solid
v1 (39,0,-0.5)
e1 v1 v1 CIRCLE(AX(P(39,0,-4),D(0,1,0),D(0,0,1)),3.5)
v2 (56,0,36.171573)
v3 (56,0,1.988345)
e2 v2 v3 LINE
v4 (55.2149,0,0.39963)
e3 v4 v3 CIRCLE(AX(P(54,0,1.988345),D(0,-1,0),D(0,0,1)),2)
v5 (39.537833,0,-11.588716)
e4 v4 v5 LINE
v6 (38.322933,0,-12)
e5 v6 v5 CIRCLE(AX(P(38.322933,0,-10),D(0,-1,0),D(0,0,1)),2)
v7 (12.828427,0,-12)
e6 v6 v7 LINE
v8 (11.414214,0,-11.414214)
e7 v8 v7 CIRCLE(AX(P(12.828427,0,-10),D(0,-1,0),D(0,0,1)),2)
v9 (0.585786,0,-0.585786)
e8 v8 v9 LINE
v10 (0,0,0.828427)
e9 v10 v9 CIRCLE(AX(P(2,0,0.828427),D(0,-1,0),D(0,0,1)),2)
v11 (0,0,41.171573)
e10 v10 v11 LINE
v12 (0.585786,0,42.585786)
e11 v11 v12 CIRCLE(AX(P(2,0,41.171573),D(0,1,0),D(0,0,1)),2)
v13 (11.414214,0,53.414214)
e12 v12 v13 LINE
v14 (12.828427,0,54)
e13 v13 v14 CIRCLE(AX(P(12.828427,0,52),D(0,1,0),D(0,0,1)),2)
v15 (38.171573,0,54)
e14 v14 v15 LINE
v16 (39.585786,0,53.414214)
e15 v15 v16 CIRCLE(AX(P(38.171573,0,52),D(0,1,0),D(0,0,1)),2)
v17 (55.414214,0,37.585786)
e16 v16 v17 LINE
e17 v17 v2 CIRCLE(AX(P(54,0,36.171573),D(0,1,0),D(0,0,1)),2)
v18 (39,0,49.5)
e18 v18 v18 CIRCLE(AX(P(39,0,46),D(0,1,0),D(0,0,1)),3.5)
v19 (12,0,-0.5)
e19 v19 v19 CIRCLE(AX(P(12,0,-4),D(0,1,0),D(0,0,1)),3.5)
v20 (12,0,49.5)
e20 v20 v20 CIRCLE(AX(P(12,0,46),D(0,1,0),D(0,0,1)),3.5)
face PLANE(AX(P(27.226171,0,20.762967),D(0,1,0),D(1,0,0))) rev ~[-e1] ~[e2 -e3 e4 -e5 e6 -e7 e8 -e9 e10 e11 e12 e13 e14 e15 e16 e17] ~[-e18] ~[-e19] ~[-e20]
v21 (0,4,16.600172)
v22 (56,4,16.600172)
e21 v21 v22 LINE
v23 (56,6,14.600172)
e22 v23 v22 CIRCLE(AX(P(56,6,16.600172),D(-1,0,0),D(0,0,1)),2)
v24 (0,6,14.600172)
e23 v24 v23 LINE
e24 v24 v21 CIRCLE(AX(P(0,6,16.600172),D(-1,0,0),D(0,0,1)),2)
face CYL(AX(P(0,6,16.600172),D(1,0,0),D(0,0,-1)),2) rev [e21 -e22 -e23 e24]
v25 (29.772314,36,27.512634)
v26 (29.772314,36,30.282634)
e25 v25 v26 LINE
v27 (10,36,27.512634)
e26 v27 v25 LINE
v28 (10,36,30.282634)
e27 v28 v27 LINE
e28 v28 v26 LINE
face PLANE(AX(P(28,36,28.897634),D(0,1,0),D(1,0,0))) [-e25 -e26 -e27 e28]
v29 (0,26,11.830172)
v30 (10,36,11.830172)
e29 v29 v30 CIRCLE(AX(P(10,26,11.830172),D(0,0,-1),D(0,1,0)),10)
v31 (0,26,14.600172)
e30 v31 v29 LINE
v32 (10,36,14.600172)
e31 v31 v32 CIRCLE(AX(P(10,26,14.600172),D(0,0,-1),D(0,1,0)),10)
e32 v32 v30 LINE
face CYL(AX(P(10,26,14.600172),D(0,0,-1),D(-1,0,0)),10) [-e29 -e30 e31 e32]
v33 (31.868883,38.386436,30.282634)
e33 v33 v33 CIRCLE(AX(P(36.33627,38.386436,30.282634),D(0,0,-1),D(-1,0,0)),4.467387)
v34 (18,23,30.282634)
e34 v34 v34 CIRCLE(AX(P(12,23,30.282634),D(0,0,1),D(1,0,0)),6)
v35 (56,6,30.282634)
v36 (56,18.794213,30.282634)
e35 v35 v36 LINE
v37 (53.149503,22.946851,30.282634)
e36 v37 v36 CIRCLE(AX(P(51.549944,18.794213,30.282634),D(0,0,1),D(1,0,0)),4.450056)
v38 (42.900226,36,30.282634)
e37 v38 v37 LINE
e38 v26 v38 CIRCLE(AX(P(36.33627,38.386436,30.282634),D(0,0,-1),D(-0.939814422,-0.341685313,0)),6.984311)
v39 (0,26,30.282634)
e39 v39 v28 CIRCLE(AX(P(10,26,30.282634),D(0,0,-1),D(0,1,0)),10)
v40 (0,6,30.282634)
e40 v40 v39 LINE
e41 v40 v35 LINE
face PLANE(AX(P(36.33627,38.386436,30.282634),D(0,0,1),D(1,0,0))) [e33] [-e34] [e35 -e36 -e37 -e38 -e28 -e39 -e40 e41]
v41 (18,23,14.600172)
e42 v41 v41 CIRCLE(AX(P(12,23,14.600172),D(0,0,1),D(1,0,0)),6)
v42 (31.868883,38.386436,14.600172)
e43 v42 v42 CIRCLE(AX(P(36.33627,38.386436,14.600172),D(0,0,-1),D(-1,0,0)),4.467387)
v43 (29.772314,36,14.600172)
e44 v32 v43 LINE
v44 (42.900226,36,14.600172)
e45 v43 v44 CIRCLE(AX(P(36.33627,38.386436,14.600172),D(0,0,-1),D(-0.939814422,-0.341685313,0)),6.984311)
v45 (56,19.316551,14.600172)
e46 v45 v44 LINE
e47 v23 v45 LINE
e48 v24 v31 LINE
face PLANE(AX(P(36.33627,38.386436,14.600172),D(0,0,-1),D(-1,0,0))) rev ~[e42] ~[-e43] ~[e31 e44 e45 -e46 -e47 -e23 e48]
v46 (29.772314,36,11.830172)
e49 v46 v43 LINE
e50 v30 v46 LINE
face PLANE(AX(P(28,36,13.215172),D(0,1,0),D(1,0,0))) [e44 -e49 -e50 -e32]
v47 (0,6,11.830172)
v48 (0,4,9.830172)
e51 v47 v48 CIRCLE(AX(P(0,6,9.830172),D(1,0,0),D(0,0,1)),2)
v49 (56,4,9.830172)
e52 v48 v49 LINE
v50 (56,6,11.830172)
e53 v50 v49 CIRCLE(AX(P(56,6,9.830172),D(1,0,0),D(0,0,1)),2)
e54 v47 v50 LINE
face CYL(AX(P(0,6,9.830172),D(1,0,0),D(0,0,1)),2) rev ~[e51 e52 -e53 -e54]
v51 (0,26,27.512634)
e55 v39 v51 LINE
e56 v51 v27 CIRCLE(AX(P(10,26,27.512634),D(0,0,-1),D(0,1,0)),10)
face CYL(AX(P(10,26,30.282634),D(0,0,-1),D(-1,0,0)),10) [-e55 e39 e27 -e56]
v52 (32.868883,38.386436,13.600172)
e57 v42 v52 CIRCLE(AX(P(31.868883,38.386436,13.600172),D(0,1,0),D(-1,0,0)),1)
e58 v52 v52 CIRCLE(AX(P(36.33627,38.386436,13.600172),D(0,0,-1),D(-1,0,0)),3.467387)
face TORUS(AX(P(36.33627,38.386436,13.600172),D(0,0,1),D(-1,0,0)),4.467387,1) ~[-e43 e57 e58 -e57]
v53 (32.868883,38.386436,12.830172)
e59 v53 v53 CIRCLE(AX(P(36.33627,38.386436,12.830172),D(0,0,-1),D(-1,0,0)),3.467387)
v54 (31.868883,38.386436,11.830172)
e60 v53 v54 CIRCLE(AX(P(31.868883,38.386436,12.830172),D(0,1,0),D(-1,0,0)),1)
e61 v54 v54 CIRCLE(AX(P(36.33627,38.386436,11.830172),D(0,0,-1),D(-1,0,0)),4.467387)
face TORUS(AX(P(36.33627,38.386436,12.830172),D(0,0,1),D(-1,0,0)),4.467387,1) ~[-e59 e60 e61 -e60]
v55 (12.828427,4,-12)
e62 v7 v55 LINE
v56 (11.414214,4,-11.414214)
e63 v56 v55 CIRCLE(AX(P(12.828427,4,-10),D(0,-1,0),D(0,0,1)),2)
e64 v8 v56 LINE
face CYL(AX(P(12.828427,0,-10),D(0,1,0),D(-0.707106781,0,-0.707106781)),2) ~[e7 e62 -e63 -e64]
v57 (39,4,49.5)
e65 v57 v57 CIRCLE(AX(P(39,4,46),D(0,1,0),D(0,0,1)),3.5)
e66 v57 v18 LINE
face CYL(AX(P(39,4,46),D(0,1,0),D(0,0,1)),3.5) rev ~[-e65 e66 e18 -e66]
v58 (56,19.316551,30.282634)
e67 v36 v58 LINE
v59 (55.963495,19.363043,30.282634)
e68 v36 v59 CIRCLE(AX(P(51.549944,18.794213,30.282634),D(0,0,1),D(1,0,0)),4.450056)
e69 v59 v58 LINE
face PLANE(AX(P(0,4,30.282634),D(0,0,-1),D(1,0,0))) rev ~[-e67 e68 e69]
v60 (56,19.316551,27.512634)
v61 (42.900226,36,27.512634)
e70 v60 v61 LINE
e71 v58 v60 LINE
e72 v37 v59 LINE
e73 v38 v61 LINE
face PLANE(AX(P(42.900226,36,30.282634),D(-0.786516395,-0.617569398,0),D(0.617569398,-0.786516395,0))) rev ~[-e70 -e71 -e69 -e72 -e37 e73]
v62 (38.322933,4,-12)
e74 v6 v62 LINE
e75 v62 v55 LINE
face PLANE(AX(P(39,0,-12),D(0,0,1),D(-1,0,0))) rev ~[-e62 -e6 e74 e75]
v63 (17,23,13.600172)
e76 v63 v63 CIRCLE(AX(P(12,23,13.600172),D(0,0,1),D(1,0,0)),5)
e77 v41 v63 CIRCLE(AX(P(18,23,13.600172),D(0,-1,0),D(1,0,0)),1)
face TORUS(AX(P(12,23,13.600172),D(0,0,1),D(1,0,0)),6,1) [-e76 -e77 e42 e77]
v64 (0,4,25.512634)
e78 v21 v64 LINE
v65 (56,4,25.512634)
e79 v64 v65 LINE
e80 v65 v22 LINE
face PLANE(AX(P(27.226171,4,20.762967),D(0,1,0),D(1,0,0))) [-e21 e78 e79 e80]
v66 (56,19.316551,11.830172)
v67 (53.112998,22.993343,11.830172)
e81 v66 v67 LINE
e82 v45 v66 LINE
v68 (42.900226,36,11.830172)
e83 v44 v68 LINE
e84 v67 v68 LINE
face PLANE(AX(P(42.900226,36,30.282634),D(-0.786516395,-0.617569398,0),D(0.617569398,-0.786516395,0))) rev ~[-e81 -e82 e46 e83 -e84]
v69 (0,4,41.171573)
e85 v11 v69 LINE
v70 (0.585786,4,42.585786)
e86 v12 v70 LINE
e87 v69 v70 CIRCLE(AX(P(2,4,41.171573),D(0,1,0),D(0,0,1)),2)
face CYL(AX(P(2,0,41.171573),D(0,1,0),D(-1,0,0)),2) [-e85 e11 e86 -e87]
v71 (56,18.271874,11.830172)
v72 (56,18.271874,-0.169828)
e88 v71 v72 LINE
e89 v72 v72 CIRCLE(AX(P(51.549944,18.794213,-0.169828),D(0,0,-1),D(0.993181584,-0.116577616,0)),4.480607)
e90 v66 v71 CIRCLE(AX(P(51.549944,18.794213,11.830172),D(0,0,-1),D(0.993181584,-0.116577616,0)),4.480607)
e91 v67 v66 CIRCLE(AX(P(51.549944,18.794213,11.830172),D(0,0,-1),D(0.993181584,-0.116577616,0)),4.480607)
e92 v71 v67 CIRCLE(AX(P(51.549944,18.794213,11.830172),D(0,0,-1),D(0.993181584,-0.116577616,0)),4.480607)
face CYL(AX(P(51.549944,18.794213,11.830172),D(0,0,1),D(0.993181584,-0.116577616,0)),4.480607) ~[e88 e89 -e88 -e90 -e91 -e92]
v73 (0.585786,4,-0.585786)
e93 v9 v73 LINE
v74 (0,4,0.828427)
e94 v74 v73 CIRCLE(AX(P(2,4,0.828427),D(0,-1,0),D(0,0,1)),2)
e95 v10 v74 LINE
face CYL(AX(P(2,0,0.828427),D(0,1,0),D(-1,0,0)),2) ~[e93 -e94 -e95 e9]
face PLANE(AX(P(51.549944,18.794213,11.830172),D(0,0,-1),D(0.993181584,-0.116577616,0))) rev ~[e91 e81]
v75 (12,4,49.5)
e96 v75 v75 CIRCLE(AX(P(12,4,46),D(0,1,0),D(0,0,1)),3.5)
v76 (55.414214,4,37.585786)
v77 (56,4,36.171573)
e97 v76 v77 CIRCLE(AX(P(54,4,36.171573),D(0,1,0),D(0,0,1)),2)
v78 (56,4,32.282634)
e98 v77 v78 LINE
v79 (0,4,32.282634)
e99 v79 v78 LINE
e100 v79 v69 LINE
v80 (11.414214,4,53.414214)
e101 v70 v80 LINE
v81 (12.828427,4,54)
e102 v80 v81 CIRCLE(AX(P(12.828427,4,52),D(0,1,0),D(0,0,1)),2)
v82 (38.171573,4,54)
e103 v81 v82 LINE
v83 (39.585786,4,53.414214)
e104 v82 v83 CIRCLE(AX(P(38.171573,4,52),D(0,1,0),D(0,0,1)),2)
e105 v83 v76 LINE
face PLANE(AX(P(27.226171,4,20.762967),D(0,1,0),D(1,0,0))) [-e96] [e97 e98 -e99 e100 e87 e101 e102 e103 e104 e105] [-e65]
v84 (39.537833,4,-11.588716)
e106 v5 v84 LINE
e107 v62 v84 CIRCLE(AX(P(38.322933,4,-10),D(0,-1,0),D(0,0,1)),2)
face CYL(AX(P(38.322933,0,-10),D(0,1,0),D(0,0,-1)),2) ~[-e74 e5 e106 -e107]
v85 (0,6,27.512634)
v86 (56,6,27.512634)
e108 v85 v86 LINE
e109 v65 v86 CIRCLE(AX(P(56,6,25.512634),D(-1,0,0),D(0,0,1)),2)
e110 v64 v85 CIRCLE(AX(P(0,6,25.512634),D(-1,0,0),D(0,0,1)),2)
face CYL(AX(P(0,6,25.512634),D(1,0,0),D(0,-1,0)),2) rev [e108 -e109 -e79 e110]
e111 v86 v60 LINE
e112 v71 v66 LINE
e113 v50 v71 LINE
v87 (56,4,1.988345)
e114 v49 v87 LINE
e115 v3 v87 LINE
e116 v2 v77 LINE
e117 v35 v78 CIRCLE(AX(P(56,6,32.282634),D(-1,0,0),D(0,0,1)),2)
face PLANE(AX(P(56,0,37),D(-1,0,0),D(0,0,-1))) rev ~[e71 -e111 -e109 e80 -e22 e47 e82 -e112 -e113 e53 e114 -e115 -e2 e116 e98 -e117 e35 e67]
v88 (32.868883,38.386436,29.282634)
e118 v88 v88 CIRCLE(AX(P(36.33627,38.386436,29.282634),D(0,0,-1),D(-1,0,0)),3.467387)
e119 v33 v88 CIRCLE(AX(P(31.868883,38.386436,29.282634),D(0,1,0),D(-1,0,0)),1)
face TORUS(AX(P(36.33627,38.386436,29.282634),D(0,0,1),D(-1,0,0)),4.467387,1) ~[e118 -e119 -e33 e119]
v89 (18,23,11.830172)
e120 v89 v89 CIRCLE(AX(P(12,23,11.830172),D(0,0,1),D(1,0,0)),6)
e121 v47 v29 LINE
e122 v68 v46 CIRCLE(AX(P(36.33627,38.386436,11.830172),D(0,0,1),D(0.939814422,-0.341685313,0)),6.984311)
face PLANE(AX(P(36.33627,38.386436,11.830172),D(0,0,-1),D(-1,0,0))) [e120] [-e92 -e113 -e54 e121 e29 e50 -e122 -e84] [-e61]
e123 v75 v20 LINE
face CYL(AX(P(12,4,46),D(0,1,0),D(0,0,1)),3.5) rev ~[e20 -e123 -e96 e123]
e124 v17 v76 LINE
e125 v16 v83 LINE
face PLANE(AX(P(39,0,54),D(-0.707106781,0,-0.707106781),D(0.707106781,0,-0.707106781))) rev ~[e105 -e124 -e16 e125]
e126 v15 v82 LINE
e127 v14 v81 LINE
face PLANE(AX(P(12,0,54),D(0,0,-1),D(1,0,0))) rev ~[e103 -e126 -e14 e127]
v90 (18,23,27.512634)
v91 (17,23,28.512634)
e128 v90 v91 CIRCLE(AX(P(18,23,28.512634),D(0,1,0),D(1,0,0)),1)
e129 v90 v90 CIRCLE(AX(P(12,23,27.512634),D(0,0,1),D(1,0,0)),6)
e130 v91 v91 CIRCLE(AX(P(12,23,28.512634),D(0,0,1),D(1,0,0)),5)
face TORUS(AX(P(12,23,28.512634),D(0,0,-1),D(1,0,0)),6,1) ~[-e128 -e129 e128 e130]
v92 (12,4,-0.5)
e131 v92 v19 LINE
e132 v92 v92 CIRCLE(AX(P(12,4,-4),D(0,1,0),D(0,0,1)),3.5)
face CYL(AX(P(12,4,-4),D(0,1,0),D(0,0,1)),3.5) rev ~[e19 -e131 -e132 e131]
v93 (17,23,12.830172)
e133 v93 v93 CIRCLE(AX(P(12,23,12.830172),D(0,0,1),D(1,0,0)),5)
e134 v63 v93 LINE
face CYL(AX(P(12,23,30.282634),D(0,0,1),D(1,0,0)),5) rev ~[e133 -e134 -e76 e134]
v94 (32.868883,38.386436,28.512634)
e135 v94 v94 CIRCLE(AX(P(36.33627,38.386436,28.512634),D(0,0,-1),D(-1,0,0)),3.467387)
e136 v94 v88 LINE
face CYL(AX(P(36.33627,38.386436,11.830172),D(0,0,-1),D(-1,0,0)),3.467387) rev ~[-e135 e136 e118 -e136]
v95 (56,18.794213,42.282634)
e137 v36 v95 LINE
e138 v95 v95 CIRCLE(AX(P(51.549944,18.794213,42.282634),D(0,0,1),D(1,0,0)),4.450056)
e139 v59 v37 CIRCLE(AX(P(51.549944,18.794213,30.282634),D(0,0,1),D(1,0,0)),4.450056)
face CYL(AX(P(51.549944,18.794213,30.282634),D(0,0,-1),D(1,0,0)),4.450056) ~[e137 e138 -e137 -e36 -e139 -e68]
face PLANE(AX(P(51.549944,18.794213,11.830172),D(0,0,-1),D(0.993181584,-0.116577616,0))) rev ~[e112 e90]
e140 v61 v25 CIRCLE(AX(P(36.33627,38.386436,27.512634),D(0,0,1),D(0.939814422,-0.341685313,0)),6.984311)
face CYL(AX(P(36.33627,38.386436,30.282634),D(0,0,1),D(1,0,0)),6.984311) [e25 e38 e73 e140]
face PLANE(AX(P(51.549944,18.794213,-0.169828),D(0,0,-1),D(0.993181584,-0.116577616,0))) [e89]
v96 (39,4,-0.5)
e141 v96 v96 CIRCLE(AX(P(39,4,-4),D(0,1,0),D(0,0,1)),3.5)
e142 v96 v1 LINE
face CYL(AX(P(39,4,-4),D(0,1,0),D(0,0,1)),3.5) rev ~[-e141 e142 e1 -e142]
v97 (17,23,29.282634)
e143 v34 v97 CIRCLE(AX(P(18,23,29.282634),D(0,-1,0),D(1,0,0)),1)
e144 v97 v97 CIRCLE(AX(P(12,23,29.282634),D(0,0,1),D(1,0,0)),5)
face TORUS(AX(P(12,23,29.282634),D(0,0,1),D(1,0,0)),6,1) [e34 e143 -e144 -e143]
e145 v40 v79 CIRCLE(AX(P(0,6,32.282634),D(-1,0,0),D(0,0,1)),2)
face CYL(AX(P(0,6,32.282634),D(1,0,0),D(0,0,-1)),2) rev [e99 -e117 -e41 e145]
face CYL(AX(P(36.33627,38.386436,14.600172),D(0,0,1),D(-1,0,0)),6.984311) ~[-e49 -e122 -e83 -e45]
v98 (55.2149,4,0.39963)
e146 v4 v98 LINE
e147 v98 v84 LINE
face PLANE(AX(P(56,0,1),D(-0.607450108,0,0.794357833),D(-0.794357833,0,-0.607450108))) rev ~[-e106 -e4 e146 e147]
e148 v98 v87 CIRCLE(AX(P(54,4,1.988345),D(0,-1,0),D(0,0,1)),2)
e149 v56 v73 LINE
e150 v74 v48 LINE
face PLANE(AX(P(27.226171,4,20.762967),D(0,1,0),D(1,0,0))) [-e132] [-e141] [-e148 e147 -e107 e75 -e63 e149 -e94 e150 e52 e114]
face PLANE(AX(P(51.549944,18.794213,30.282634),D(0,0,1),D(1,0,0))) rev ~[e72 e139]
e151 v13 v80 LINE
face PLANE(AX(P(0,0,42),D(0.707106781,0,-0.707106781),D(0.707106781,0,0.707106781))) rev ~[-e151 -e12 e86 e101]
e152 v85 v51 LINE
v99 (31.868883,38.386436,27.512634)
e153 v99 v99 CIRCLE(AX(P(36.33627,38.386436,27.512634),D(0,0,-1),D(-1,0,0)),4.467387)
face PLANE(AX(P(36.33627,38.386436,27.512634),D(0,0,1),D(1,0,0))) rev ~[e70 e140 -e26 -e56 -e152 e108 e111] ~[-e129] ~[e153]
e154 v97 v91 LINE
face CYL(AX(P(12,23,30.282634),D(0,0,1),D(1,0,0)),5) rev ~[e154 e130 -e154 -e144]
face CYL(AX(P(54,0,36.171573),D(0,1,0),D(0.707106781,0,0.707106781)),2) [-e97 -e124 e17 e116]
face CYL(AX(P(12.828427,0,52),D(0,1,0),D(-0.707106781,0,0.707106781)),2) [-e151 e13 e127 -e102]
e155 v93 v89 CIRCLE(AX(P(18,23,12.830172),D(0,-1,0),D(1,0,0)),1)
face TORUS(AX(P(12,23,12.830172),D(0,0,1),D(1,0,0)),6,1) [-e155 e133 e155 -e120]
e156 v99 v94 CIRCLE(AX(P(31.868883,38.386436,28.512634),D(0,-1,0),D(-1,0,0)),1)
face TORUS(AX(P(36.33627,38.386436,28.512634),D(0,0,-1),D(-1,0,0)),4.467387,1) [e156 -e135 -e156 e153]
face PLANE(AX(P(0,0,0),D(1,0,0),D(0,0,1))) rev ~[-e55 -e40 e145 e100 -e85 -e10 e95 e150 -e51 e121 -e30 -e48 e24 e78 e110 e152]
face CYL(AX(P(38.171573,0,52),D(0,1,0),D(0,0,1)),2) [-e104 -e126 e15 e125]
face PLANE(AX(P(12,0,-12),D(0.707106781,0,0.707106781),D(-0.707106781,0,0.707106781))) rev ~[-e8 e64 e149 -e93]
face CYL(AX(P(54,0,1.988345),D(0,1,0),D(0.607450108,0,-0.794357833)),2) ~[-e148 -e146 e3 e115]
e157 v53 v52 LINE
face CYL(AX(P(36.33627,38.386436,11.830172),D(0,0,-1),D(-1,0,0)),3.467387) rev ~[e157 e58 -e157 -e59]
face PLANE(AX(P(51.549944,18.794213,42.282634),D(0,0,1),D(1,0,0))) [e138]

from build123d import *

# Parameters (mm, degrees)
BOSS_EXTRUDE1_DEPTH = 4
SKETCH2_R           = 3.5
CUT_EXTRUDE1_DEPTH  = 4
FILLET1_R           = 2
SKETCH4_W           = 56
SKETCH4_H           = 2.77
BOSS_EXTRUDE2_DEPTH = 32
SKETCH5_R           = 5
CUT_EXTRUDE2_DEPTH  = 79.865842697
CUT_EXTRUDE3_DEPTH  = 79.865842697
SKETCH7_R           = 4.450055897
BOSS_EXTRUDE3_DEPTH = 12
SKETCH8_R           = 4.480606534
BOSS_EXTRUDE4_DEPTH = 12
SKETCH9_R           = 6.984310567
BOSS_EXTRUDE5_DEPTH = 2.77
BOSS_EXTRUDE6_START = -2.77
SKETCH10_R          = 6.984310567
BOSS_EXTRUDE6_DEPTH = 2.77
SKETCH11_R          = 3.46738707
CUT_EXTRUDE4_DEPTH  = 84.523779321
FILLET2_R           = 2
FILLET3_R           = 10
FILLET4_R           = 1
FILLET5_R           = 1


with BuildPart() as part:
    # Sketch1 → Boss-Extrude1 (new body)
    with BuildSketch(Plane(origin=(0, 0, 0), x_dir=(1, 0, 0), z_dir=(0, 1, 0))):
        Polygon((0, 0), (0, -42), (12, -54), (39, -54), (56, -37), (56, -1), (39, 12), (12, 12), align=None)
    extrude(amount=BOSS_EXTRUDE1_DEPTH)

    # Sketch2 → Cut-Extrude1 (cut)
    with BuildSketch(Plane(origin=(0, 4, 0), x_dir=(1, 0, 0), z_dir=(0, 1, 0))):
        with Locations(Location((12, 4, 0), (0, 0, 270))):
            Circle(SKETCH2_R)
        with Locations(Location((39, 4, 0), (0, 0, 270))):
            Circle(SKETCH2_R)
        with Locations(Location((12, -46, 0), (0, 0, 270))):
            Circle(SKETCH2_R)
        with Locations(Location((39, -46, 0), (0, 0, 270))):
            Circle(SKETCH2_R)
    extrude(amount=-CUT_EXTRUDE1_DEPTH, mode=Mode.SUBTRACT)

    # Fillet1
    fillet1_edges = [part.edges().sort_by_distance(p)[0] for p in [
        (39, 2, -12),
        (56, 2, 1),
        (56, 2, 37),
        (39, 2, 54),
        (12, 2, 54),
        (0, 2, 42),
        (0, 2, 0),
        (12, 2, -12),
    ]]
    fillet(fillet1_edges, radius=FILLET1_R)

    # Sketch4 → Boss-Extrude2 (add)
    with BuildSketch(Plane(origin=(0, 4, 0), x_dir=(1, 0, 0), z_dir=(0, 1, 0))):
        with Locations((28, -13.215171539)):
            Rectangle(SKETCH4_W, SKETCH4_H)
        with Locations((28, -28.897634074)):
            Rectangle(SKETCH4_W, SKETCH4_H)
    extrude(amount=BOSS_EXTRUDE2_DEPTH)

    # Sketch5 → Cut-Extrude2 (cut, through all)
    with BuildSketch(Plane.XY.offset(30.282634074)):
        with Locations((12, 23)):
            Circle(SKETCH5_R)
    extrude(amount=-CUT_EXTRUDE2_DEPTH, mode=Mode.SUBTRACT)

    # Sketch6 → Cut-Extrude3 (cut, through all)
    with BuildSketch(Plane.XY.offset(30.282634074)):
        Polygon((42.90022554, 36), (56, 19.316551284), (56, 36), align=None)
    extrude(amount=-CUT_EXTRUDE3_DEPTH, mode=Mode.SUBTRACT)

    # Sketch7 → Boss-Extrude3 (add)
    with BuildSketch(Plane.XY.offset(30.282634074)):
        with Locations((51.549944103, 18.794212858)):
            Circle(SKETCH7_R)
    extrude(amount=BOSS_EXTRUDE3_DEPTH)

    # Sketch8 → Boss-Extrude4 (add)
    with BuildSketch(Plane(origin=(0, 0, 11.830171539), x_dir=(-1, 0, 0), z_dir=(0, 0, -1))):
        with Locations(Location((-51.549944103, 18.794212858, 0), (0, 0, 186.694627875))):
            Circle(SKETCH8_R)
    extrude(amount=BOSS_EXTRUDE4_DEPTH)

    # Sketch9 → Boss-Extrude5 (add)
    with BuildSketch(Plane.XY.offset(30.282634074)):
        with Locations((36.336269743, 38.38643634)):
            Circle(SKETCH9_R)
    extrude(amount=-BOSS_EXTRUDE5_DEPTH)

    # Sketch10 → Boss-Extrude6 (add)
    with BuildSketch(Plane(origin=(0, 0, 11.830171539), x_dir=(-1, 0, 0), z_dir=(0, 0, -1)).offset(BOSS_EXTRUDE6_START)):
        with Locations((-36.336269743, 38.38643634)):
            Circle(SKETCH10_R)
    extrude(amount=BOSS_EXTRUDE6_DEPTH)

    # Sketch11 → Cut-Extrude4 (cut, through all)
    with BuildSketch(Plane(origin=(0, 0, 11.830171539), x_dir=(-1, 0, 0), z_dir=(0, 0, -1))):
        with Locations((-36.336269743, 38.38643634)):
            Circle(SKETCH11_R)
    extrude(amount=-CUT_EXTRUDE4_DEPTH, mode=Mode.SUBTRACT)

    # Fillet2
    fillet2_edges = [part.edges().sort_by_distance(p)[0] for p in [
        (28, 4, 14.600171539),
        (28, 4, 11.830171539),
        (28, 4, 30.282634074),
        (28, 4, 27.512634074),
    ]]
    fillet(fillet2_edges, radius=FILLET2_R)

    # Fillet3
    fillet3_edges = [part.edges().sort_by_distance(p)[0] for p in [
        (0, 36, 13.215171539),
        (0, 36, 28.897634074),
    ]]
    fillet(fillet3_edges, radius=FILLET3_R)

    # Fillet4
    fillet4_edges = [part.edges().sort_by_distance(p)[0] for p in [
        (39.803656813, 38.38643634, 14.600171539),
        (39.803656813, 38.38643634, 27.512634074),
        (39.803656813, 38.38643634, 30.282634074),
        (39.803656813, 38.38643634, 11.830171539),
    ]]
    fillet(fillet4_edges, radius=FILLET4_R)

    # Fillet5
    fillet5_edges = [part.edges().sort_by_distance(p)[0] for p in [
        (7, 23, 11.830171539),
        (7, 23, 14.600171539),
        (7, 23, 27.512634074),
        (7, 23, 30.282634074),
    ]]
    fillet(fillet5_edges, radius=FILLET5_R)


solid = part.part
